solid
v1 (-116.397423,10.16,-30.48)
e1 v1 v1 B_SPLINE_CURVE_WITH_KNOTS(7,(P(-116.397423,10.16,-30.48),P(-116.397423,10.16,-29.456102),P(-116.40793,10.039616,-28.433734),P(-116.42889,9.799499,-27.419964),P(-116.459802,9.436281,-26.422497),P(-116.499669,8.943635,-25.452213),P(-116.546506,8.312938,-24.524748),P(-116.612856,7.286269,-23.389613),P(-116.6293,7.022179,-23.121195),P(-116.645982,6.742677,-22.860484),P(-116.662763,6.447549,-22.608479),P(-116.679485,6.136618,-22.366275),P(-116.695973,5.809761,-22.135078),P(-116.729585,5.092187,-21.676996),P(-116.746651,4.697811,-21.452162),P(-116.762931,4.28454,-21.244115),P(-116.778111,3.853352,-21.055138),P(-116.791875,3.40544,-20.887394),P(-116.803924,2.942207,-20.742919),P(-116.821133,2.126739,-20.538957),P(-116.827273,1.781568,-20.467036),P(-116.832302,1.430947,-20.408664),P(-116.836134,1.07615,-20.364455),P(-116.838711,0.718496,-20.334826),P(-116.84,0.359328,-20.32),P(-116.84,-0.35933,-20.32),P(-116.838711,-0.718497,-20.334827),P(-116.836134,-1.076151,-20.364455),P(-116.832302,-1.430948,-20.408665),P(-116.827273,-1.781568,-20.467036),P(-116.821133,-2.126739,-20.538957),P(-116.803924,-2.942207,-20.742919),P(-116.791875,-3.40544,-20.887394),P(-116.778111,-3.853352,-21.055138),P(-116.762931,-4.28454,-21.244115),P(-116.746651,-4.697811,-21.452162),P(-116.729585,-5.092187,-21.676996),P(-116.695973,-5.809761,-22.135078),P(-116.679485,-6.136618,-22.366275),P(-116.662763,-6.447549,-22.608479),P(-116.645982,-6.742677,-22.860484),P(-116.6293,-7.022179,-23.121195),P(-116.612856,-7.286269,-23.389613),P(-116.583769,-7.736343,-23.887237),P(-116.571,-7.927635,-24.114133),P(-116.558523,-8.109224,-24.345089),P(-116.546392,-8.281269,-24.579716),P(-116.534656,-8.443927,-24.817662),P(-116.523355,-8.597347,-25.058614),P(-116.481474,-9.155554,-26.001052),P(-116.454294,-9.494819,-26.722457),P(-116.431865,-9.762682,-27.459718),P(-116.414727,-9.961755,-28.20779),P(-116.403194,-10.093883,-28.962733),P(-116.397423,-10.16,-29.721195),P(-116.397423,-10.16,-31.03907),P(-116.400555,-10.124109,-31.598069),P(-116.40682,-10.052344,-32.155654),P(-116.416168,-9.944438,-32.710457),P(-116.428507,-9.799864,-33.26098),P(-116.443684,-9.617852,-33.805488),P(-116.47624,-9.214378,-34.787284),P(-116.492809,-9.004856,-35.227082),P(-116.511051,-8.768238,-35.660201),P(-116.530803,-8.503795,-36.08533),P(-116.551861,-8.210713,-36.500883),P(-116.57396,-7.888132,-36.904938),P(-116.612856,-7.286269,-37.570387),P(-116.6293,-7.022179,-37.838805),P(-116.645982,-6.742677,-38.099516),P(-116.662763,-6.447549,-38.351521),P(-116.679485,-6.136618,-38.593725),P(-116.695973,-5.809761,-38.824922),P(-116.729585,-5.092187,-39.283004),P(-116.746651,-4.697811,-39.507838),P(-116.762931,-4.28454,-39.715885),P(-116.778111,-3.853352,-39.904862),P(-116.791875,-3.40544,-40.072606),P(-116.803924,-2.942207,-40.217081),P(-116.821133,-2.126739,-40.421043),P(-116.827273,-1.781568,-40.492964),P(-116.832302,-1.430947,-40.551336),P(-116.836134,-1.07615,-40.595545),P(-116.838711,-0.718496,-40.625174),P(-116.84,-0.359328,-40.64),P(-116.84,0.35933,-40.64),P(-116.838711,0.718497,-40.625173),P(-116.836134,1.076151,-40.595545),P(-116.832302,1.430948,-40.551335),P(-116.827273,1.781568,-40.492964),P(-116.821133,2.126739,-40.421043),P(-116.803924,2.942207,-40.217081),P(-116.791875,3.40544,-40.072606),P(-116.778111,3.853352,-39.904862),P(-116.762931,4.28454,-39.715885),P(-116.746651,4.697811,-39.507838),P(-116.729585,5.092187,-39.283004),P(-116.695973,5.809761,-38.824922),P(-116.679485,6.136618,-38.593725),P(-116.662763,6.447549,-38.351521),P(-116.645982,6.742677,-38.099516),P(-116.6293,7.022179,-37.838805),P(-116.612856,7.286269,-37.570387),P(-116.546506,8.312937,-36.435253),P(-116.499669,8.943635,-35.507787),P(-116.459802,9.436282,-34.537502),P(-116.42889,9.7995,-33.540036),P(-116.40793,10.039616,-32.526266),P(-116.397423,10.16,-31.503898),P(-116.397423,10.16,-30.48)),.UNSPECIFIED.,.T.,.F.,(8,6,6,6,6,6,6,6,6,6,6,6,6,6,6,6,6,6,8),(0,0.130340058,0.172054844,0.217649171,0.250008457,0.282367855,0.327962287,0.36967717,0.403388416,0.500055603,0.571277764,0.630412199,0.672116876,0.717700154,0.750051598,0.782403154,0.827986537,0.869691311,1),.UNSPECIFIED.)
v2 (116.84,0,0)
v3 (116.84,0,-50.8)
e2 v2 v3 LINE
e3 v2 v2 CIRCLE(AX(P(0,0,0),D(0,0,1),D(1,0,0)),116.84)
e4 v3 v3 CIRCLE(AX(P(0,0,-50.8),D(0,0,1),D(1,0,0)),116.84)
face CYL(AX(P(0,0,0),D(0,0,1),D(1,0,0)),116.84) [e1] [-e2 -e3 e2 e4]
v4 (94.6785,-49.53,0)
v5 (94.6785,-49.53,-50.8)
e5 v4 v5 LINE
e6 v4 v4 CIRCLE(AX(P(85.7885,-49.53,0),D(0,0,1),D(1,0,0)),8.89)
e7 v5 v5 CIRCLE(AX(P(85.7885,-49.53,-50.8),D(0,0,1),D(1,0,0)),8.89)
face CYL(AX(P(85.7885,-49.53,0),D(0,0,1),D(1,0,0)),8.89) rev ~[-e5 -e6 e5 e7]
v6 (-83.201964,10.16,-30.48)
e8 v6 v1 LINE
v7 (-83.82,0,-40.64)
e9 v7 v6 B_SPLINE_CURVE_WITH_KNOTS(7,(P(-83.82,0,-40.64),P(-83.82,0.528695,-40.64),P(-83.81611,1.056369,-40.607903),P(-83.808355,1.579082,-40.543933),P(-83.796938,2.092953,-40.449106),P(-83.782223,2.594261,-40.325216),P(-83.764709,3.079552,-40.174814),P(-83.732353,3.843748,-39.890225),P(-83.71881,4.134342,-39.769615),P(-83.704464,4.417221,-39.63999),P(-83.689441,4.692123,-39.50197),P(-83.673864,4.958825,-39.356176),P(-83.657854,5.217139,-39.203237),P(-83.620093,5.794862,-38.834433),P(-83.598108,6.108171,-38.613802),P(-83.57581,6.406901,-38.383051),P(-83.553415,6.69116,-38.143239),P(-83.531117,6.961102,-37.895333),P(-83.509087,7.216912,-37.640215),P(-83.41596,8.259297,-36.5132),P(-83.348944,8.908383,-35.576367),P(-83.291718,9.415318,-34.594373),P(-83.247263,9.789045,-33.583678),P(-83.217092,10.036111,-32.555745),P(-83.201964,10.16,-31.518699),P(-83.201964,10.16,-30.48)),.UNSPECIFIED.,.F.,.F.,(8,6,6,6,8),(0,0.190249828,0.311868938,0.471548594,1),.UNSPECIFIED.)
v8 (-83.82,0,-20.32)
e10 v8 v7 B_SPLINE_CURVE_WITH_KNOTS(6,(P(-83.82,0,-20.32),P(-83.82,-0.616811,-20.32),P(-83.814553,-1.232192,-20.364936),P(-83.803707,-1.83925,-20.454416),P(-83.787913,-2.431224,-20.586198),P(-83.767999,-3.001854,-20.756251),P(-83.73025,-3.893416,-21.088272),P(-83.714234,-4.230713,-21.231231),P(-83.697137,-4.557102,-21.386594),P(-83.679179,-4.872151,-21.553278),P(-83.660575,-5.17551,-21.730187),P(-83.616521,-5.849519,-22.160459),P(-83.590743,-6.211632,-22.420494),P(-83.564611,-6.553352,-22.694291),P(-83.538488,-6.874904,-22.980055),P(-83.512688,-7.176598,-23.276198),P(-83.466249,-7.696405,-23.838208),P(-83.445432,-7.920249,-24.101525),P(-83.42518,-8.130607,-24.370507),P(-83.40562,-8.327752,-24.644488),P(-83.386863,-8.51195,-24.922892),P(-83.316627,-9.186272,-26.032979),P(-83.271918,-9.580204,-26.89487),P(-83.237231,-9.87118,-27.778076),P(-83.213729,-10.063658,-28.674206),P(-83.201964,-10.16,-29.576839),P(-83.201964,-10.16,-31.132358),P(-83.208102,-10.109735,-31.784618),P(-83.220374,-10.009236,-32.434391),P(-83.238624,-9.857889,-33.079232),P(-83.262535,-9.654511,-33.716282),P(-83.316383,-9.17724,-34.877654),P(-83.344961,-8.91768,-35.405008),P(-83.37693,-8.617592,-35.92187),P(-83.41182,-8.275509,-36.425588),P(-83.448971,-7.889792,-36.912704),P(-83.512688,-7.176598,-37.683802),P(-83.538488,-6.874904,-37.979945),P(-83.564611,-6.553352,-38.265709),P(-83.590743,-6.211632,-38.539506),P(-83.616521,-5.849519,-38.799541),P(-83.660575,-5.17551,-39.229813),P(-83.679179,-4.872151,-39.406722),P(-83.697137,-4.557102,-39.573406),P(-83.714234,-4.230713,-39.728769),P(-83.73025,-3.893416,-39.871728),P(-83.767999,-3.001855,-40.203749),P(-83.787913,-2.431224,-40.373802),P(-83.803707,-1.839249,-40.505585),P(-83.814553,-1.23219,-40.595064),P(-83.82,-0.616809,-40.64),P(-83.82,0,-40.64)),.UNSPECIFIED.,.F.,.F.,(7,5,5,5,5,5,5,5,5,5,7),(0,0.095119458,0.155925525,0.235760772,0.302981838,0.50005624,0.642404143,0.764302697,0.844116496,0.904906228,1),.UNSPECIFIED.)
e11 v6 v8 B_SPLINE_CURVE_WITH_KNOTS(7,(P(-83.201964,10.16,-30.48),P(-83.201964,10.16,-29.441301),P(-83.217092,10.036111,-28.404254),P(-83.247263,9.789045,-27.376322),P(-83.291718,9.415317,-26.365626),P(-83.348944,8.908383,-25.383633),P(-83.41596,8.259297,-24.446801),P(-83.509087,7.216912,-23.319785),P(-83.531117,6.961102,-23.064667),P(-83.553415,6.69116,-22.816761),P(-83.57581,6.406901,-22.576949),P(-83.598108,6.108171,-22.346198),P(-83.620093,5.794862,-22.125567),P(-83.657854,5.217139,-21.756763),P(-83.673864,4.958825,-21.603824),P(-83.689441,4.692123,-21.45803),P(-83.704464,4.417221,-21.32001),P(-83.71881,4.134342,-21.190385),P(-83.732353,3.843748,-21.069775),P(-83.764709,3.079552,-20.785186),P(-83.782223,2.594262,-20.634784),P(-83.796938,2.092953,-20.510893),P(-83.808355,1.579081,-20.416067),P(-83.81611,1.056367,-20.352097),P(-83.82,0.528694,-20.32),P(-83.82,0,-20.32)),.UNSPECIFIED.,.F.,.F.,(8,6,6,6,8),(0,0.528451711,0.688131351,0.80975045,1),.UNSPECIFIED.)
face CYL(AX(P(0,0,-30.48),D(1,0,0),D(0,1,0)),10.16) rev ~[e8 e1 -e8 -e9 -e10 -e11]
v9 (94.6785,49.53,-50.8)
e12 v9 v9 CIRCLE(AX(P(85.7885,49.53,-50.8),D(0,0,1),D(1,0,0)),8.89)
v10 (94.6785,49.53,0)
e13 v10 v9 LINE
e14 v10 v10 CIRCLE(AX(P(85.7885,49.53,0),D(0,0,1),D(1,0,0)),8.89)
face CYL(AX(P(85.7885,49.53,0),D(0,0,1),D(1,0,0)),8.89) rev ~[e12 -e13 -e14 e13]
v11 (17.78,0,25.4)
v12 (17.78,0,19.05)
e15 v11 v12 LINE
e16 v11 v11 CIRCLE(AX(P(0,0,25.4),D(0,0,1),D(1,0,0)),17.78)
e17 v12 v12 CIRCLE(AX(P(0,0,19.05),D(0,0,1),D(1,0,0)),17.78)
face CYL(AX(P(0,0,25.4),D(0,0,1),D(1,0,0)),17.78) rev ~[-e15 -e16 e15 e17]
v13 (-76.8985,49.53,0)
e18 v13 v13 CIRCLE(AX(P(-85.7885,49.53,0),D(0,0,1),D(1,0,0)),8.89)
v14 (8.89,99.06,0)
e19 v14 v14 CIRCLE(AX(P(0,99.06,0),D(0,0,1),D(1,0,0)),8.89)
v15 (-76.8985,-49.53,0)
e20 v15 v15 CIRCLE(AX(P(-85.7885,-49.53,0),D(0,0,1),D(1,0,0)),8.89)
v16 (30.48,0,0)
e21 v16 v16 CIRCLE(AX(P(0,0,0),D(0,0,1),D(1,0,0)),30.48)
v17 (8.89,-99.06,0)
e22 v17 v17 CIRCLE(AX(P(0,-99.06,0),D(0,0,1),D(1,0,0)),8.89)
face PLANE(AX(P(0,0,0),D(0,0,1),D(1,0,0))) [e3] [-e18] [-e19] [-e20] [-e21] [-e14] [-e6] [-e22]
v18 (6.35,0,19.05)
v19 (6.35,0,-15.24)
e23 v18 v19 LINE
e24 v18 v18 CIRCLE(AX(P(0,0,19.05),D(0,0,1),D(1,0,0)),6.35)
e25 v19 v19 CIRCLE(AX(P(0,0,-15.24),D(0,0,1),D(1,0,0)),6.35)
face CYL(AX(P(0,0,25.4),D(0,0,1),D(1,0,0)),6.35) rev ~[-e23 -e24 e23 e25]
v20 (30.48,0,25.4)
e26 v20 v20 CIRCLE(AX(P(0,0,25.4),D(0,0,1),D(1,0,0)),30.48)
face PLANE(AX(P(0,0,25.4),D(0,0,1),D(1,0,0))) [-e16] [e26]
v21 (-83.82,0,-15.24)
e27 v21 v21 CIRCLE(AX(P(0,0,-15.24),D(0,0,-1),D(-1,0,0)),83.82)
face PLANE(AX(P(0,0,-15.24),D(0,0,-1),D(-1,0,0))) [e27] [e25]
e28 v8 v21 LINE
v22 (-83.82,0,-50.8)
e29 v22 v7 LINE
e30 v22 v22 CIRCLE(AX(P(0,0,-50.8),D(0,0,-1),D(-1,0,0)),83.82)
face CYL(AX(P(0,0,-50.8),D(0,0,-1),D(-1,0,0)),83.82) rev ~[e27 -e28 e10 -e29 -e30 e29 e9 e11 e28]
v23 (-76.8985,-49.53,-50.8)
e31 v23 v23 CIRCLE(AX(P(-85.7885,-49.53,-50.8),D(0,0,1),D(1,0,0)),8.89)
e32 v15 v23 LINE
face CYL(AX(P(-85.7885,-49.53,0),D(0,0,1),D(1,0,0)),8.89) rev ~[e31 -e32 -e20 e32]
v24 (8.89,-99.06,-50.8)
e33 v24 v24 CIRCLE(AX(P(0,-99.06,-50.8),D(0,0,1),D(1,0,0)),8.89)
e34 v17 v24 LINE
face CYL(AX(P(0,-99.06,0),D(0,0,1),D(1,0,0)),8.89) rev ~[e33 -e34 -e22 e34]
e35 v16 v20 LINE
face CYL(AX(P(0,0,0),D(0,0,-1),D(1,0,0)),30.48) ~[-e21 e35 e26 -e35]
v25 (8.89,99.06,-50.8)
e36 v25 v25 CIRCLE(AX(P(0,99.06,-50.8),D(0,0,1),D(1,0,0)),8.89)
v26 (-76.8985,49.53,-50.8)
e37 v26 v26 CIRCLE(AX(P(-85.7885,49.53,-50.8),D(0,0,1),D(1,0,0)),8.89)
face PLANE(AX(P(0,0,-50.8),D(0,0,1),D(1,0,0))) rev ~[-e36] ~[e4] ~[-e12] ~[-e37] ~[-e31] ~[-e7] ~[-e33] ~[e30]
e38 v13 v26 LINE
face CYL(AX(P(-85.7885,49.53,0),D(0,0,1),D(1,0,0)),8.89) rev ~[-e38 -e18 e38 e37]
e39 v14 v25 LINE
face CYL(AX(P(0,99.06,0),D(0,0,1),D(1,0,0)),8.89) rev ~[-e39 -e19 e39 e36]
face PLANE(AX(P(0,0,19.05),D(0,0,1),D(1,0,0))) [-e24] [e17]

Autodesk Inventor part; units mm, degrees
ref_plane "YZ Plane" through (0, 0, 0) normal (1, 0, 0) x (0, 1, 0)
ref_plane "XZ Plane" through (0, 0, 0) normal (0, 1, 0) x (-1, 0, 0)
ref_plane "XY Plane" through (0, 0, 0) normal (0, 0, 1) x (1, 0, 0)
sketch "Sketch1" plane through (0, 0, 0) normal (0, 0, 1) x (1, 0, 0)
  circle A0 centre (0, 0) radius 116.84
  circle A1 centre (0, 0) radius 30.48
  dimension "d0" = 233.68
  dimension "d1" = 60.96
extrude "Extrusion1" add sketch "Sketch1" against normal blind 50.8 contours A0 | A1
sketch "Sketch2" plane through (0, 0, 0) normal (0, 0, 1) x (1, 0, 0)
  circle A0 centre (0, 0) radius 30.48
  dimension "d4" = 60.96
extrude "Extrusion2" add sketch "Sketch2" along normal blind 25.4
sketch "Sketch3" plane through (0, 0, 25.4) normal (0, 0, 1) x (1, 0, 0)
  point P0 (0, 0)
sketch "Sketch4" plane through (0, 0, 25.4) normal (0, 0, 1) x (1, 0, 0)
  circle A0 centre (0, 0) radius 6.35
  circle A1 centre (0, 0) radius 17.78
  dimension "d7" = 12.7
  dimension "d8" = 35.56
extrude "Extrusion3" cut sketch "Sketch4" against normal blind 6.35 contours A0 | A1
extrude "Extrusion6" cut sketch "Sketch4" against normal through all contours A0
sketch "Sketch5" plane through (0, 0, -50.8) normal (0, 0, -1) x (-1, 0, 0)
  circle A0 centre (0, 0) radius 6.35 projected
  circle A1 centre (0, 0) radius 83.82
  dimension "d17" = 167.64
extrude "Extrusion7" cut sketch "Sketch5" against normal blind 35.56
sketch "Sketch7" plane through (0, 0, 0) normal (1, 0, 0) x (0, 1, 0)
  circle A0 centre (0, -30.48) radius 10.16
  line L0 (-116.84, -50.8) -> (116.84, -50.8) projected
  point P0 (0, 0)
  dimension "d20" = 20.32
  dimension "d21" = 20.32
extrude "Extrusion8" cut sketch "Sketch7" against normal through all
thread "Thread1" size "M8x1.25" class "6H" standard "ANSI Metric M Profile" full length
sketch "Sketch8" plane through (0, 0, 0) normal (0, 0, 1) x (1, 0, 0)
  point P0 (0, 0)
sketch "Sketch9" plane through (0, 0, 0) normal (0, 0, 1) x (1, 0, 0)
  circle A0 centre (0, 0) radius 6.35 construction
  circle A1 centre (0, 0) radius 99.06 construction
  line L0 (0, 0) -> (-123.6027, 71.3621) construction
  line L1 (0, 0) -> (-132.0824, -76.2578) construction
  line L2 (-189.6994, 0) -> (167.9299, 0) construction
  circle A2 centre (-85.7885, 49.53) radius 8.89
  circle A3 centre (-85.7885, -49.53) radius 8.89
  circle A4 centre (0, -99.06) radius 8.89
  circle A5 centre (85.7885, -49.53) radius 8.89
  circle A6 centre (85.7885, 49.53) radius 8.89
  circle A7 centre (0, 99.06) radius 8.89
  dimension "d26" = 198.12
  dimension "d27" = 60
  dimension "d28" = 17.78
  dimension "d31" = 360
extrude "Extrusion9" cut sketch "Sketch9" against normal through all
thread "Thread2" size "M8x1.25" class "6H" standard "ANSI Metric M Profile" full length
equation "\"BendRadius\" = Thickness"
equation "\"BendReliefWidth\" = Thickness"
equation "\"BendReliefDepth\" = 0.5 * Thickness"
equation "\"CornerReliefSize\" = 4 * Thickness"
equation "\"MinimumRemnant\" = 2 * Thickness"
equation "\"TransitionRadius\" = BendRadius"
equation "\"JacobiRadiusSize\" = BendRadius"
equation "\"GapSize\" = Thickness"
equation "\"Thickness\" = 3.048"
properties part number "valve housing" material "Aluminum 6061"
